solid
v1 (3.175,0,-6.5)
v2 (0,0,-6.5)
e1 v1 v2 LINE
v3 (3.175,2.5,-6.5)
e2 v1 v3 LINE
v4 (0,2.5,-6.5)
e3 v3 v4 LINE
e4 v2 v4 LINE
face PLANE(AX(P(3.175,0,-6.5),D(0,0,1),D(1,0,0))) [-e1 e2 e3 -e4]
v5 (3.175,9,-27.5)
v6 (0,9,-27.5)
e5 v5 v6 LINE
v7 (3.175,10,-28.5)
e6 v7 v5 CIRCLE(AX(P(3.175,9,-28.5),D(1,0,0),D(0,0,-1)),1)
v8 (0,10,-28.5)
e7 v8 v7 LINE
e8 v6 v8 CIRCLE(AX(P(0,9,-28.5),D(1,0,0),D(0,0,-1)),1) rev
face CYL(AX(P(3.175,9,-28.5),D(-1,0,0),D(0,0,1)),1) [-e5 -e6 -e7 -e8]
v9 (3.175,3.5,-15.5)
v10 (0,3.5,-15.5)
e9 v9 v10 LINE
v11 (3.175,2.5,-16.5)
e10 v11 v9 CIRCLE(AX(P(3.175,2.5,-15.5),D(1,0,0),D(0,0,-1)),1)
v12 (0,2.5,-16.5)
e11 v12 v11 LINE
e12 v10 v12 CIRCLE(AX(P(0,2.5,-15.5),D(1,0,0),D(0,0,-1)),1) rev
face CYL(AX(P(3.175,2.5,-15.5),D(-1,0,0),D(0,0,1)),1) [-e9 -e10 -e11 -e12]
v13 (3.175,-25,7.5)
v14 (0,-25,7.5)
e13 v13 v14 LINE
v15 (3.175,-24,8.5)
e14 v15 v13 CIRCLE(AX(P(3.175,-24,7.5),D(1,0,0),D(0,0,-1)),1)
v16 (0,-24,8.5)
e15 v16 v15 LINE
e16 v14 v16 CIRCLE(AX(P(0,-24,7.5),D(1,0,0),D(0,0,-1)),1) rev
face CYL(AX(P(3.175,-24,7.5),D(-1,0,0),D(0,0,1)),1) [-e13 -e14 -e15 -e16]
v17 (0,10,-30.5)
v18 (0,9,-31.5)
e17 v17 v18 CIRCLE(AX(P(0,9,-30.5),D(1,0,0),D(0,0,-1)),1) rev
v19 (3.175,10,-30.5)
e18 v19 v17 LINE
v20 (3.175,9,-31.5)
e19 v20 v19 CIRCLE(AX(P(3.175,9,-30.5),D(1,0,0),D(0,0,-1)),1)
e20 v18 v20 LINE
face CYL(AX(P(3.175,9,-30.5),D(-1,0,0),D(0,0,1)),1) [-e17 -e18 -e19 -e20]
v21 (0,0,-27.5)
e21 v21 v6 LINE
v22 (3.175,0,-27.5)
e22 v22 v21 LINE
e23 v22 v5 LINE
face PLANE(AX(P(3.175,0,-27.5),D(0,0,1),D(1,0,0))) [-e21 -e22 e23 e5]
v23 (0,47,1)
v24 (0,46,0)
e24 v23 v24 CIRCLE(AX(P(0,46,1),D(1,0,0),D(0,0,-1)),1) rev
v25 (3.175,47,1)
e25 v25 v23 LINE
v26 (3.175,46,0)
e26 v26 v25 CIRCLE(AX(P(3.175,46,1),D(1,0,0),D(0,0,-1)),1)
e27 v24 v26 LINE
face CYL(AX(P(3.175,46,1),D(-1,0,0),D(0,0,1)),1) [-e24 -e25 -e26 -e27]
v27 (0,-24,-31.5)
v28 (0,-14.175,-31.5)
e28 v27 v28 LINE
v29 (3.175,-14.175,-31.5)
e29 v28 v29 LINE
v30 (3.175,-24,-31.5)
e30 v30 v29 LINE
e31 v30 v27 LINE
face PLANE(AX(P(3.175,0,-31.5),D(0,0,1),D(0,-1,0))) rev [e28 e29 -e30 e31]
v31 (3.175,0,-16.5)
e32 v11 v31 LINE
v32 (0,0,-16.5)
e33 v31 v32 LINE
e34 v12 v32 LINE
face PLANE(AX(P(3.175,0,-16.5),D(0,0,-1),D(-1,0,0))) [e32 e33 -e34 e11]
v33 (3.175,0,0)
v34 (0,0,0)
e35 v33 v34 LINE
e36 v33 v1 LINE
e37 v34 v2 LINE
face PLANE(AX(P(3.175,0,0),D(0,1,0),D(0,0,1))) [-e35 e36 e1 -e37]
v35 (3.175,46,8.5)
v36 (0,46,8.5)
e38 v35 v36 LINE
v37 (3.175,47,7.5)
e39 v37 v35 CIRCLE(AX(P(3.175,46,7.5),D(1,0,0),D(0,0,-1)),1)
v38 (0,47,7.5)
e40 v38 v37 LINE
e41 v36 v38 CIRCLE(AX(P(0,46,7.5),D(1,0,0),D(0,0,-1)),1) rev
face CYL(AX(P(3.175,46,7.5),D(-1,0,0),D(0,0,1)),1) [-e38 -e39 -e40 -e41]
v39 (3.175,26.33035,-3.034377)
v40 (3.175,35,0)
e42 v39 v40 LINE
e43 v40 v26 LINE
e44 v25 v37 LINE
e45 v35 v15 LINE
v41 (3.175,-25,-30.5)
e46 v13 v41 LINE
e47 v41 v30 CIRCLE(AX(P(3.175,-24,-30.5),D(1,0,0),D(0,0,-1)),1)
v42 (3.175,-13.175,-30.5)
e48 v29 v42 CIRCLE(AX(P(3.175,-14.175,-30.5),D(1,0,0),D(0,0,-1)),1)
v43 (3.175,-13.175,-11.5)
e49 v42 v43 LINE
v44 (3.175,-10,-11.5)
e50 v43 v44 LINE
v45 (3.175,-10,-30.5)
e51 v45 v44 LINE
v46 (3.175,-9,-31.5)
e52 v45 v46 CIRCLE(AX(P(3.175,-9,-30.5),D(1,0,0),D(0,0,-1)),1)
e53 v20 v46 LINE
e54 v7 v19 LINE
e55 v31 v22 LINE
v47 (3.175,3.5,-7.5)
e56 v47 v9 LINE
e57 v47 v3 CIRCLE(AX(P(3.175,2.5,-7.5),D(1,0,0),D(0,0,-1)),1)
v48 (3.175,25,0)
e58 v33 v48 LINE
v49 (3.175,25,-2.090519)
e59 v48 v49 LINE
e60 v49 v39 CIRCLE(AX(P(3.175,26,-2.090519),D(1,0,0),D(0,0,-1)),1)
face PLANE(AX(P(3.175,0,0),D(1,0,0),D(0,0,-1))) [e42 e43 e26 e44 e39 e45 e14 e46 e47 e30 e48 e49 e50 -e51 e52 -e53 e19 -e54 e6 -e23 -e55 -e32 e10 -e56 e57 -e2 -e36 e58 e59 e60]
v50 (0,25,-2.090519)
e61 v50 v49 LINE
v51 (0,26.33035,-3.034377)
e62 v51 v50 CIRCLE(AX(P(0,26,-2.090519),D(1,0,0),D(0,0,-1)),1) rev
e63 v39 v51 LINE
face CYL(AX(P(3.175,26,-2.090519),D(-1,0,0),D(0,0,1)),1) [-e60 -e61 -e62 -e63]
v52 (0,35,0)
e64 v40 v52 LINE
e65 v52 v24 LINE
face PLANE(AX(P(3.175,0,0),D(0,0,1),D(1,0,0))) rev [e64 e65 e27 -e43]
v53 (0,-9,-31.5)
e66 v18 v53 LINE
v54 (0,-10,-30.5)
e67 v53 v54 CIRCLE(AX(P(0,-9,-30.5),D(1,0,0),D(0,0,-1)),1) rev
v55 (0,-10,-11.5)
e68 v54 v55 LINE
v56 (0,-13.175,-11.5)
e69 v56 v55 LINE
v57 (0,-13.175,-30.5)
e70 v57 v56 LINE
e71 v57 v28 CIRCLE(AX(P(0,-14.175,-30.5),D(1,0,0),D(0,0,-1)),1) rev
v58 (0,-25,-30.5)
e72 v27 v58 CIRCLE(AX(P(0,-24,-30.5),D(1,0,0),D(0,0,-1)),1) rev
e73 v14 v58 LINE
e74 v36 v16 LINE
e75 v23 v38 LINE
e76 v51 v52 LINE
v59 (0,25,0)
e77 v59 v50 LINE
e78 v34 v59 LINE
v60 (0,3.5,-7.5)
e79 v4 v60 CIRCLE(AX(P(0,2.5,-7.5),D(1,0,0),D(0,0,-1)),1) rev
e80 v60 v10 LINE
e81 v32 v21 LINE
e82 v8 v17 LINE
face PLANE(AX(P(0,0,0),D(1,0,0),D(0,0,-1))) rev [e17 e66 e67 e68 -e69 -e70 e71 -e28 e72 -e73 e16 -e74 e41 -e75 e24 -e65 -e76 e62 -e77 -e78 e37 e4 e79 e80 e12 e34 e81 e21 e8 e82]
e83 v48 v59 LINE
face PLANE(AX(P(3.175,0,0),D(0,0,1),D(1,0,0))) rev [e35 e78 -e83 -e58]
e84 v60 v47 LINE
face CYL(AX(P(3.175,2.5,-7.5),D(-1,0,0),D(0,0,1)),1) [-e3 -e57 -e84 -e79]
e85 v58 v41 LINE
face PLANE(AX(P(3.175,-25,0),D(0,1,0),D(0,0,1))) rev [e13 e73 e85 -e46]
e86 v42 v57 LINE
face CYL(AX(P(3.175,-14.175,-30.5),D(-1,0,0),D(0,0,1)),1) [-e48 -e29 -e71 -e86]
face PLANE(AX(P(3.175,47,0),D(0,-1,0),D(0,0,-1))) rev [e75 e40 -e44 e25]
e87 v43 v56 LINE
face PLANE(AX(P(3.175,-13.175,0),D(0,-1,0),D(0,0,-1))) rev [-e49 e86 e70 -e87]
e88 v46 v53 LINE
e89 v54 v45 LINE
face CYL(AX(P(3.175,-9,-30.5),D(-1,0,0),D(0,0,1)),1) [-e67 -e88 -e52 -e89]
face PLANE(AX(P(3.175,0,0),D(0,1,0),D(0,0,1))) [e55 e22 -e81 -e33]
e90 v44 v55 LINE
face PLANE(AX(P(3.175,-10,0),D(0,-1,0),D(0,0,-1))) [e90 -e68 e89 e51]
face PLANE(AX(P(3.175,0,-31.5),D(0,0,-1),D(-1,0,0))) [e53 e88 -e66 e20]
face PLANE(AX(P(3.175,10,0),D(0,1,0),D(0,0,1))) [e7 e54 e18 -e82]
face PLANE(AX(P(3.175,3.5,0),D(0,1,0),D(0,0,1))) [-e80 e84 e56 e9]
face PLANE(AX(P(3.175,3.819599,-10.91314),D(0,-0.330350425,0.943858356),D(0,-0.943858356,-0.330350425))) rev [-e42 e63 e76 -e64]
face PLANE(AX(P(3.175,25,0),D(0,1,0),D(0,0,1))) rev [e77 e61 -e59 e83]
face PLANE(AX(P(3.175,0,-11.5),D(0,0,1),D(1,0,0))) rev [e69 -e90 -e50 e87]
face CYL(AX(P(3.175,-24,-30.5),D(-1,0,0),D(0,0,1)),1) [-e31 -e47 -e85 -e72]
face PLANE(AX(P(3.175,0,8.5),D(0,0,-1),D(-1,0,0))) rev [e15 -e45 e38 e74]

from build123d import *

# Parameters (mm, degrees)
BOSS_EXTRUDE1_DEPTH = 3.175
FILLET1_R           = 1


with BuildPart() as part:
    # Sketch1 → Boss-Extrude1 (new body)
    with BuildSketch(Plane(origin=(0, 0, 0), x_dir=(0, 0, -1), z_dir=(1, 0, 0))):
        Polygon((0, 47), (-8.5, 47), (-8.5, -10), (31.5, -10), (31.5, 10), (27.5, 10), (27.5, 0), (16.5, 0), (16.5, 3.5), (6.5, 3.5), (6.5, 0), (0, 0), (0, 25), (3.5, 25), (0, 35), align=None)
        Polygon((11.5, -10), (-8.5, -10), (-8.5, -25), (31.5, -25), (31.5, -13.175), (11.5, -13.175), align=None)
    extrude(amount=BOSS_EXTRUDE1_DEPTH)

    # Fillet1
    fillet1_edges = [part.edges().sort_by_distance(p)[0] for p in [
        (1.5875, 47, 0),
        (1.5875, 25, -3.5),
        (1.5875, 3.5, -6.5),
        (1.5875, 3.5, -16.5),
        (1.5875, 10, -27.5),
        (1.5875, 10, -31.5),
        (1.5875, -10, -31.5),
        (1.5875, -13.175, -31.5),
        (1.5875, -25, -31.5),
        (1.5875, -25, 8.5),
        (1.5875, 47, 8.5),
    ]]
    fillet(fillet1_edges, radius=FILLET1_R)


solid = part.part
